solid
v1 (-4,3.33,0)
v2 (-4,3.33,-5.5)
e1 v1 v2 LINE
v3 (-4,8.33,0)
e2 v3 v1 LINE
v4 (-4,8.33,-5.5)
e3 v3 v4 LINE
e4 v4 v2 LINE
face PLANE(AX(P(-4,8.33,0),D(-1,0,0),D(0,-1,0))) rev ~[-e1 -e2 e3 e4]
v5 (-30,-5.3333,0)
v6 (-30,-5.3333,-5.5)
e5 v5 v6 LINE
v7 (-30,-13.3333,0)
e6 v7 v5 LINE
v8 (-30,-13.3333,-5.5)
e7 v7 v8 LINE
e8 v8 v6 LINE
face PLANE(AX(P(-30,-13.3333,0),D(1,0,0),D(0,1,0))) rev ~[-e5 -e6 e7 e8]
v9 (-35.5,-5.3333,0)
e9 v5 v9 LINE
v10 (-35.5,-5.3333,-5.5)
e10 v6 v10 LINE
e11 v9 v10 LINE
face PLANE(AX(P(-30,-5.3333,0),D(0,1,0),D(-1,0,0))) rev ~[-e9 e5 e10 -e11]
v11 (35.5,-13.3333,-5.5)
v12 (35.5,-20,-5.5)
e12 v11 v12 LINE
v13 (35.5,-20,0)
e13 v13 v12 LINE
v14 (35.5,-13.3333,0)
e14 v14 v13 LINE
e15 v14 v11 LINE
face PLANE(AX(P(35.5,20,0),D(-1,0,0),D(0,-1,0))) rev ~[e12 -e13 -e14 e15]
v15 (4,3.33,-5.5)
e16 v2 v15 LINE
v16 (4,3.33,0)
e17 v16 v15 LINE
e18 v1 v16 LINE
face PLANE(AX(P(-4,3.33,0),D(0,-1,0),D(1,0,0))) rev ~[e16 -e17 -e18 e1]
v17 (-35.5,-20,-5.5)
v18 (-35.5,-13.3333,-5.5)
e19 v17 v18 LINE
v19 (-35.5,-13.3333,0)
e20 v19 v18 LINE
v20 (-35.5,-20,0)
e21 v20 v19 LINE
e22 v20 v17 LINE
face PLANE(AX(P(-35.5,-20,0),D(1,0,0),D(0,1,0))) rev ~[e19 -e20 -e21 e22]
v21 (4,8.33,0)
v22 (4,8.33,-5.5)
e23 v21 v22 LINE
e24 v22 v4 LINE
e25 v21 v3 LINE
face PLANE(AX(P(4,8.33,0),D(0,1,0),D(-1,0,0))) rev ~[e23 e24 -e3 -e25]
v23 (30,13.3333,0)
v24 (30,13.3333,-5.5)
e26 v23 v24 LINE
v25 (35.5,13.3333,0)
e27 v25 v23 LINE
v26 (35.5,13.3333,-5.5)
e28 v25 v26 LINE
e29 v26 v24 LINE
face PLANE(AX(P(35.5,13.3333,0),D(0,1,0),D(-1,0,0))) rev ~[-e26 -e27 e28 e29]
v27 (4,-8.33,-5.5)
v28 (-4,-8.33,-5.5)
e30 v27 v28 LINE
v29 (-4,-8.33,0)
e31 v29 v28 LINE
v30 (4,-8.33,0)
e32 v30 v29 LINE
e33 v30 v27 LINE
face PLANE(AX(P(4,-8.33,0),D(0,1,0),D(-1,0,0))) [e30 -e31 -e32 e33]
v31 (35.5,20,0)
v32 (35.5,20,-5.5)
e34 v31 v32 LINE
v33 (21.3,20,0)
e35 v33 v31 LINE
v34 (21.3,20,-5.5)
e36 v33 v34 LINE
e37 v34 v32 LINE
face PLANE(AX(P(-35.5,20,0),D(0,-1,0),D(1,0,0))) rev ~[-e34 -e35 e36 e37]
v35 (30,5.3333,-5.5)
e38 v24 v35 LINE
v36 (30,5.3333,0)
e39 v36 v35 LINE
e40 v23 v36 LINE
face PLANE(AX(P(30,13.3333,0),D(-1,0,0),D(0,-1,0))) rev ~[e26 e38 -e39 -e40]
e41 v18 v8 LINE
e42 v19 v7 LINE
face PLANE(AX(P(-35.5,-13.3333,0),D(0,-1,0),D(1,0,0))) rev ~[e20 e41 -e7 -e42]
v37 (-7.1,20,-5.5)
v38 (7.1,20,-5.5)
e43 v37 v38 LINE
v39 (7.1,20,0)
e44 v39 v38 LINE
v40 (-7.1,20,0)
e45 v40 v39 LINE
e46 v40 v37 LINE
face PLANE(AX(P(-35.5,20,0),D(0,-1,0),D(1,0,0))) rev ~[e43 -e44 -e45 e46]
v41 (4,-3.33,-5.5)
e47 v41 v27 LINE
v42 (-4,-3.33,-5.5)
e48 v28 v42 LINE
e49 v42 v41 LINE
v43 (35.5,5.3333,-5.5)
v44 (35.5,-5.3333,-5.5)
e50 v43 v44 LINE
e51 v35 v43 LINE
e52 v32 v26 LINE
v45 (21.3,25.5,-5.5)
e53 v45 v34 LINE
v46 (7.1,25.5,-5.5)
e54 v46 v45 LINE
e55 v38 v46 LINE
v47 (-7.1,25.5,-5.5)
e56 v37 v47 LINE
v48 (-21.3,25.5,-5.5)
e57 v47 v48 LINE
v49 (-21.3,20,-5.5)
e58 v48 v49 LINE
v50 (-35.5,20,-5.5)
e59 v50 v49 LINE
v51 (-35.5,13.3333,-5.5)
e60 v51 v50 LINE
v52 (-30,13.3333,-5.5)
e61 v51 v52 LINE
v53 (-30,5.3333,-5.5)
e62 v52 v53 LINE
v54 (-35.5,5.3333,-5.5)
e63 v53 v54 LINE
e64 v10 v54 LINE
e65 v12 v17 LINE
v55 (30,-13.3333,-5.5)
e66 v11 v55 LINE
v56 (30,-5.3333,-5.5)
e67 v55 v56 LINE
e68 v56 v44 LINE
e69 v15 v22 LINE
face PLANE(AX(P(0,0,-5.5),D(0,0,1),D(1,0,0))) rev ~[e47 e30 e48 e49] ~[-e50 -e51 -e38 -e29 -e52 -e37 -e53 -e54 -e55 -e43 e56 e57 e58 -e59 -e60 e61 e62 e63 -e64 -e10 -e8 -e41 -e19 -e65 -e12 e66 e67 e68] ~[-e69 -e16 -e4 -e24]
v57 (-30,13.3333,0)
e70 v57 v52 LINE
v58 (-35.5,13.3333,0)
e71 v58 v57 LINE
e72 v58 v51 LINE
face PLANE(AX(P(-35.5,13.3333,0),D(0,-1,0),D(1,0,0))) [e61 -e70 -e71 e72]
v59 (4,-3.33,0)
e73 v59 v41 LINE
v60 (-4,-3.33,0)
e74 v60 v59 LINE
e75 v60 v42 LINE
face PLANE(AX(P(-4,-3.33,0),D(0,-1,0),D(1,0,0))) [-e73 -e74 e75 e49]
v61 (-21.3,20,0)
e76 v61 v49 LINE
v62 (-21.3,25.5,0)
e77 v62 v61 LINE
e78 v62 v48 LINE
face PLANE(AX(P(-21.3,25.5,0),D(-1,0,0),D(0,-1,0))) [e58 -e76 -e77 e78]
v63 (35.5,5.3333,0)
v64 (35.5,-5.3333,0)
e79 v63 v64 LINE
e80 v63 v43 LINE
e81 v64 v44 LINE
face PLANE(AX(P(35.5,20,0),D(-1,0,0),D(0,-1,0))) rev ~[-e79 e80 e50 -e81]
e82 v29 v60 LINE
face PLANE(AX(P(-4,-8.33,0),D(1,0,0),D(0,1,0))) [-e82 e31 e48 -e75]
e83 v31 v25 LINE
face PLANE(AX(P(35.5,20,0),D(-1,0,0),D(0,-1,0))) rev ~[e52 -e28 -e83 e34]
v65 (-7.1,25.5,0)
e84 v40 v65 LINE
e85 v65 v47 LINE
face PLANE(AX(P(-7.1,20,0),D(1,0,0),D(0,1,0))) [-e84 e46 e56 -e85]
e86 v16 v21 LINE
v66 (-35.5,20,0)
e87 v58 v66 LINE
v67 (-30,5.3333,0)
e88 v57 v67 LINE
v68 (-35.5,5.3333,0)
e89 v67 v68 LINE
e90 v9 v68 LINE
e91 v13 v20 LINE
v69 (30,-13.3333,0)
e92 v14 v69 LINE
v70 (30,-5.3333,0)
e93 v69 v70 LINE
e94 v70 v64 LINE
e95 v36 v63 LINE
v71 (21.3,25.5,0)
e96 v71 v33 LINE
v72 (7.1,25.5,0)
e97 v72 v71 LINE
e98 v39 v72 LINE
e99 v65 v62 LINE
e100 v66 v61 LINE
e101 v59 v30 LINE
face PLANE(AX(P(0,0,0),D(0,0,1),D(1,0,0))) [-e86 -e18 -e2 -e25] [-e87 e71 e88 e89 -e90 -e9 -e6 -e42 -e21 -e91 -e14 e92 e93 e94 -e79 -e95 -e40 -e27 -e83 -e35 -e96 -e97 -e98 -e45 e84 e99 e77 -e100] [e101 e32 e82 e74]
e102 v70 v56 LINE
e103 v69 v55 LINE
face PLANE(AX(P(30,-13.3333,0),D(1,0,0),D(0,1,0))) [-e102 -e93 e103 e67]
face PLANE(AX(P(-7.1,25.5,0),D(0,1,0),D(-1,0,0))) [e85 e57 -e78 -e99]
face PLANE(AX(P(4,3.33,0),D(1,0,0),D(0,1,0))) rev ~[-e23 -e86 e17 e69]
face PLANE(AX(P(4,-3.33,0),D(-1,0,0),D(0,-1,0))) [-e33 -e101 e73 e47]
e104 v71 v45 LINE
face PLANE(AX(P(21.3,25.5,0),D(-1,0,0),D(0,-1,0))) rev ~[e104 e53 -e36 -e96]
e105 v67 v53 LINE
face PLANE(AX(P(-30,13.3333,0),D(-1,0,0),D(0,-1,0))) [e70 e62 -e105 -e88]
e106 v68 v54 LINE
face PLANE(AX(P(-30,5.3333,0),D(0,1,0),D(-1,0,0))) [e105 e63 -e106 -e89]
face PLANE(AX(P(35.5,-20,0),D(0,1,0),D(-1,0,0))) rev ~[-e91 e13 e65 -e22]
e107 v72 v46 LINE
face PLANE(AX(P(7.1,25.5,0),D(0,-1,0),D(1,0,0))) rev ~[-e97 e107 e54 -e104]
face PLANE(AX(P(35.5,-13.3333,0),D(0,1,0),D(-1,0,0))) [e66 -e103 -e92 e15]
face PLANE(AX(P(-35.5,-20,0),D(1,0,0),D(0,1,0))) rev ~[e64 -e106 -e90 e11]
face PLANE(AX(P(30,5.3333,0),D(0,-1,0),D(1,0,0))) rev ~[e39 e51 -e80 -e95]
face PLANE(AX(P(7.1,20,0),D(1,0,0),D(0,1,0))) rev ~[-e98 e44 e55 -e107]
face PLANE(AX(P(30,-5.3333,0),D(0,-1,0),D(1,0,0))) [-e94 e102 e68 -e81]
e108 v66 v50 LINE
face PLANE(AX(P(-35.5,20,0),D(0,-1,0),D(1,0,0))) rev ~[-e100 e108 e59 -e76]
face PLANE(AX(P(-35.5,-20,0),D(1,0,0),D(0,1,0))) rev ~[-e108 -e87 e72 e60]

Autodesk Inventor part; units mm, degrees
ref_plane "YZ Plane" through (0, 0, 0) normal (1, 0, 0) x (0, 1, 0)
ref_plane "XZ Plane" through (0, 0, 0) normal (0, 1, 0) x (-1, 0, 0)
ref_plane "XY Plane" through (0, 0, 0) normal (0, 0, 1) x (1, 0, 0)
sketch "Block1" plane through (0, 0, 0) normal (0, 0, 1) x (1, 0, 0)
  line L0 (-23.62, 29.22) -> (-7.58, 29.22)
  line L1 (-7.58, 29.22) -> (-7.58, 20.22)
  line L2 (-7.58, 20.22) -> (7.58, 20.22)
  line L3 (7.58, 20.22) -> (7.58, 29.22)
  line L4 (7.58, 29.22) -> (23.62, 29.22)
  line L5 (23.62, 29.22) -> (23.62, 20.22)
  line L6 (23.62, 20.22) -> (39.22, 20.22)
  line L7 (39.22, 20.22) -> (39.22, 13.1133)
  line L8 (39.22, 13.1133) -> (30.22, 13.1133)
  line L9 (30.22, 13.1133) -> (30.22, 5.5533)
  line L10 (30.22, 5.5533) -> (39.22, 5.5533)
  line L11 (39.22, 5.5533) -> (39.22, -5.5533)
  line L12 (39.22, -5.5533) -> (30.22, -5.5533)
  line L13 (30.22, -5.5533) -> (30.22, -13.1133)
  line L14 (30.22, -13.1133) -> (39.22, -13.1133)
  line L15 (39.22, -13.1133) -> (39.22, -20.22)
  line L16 (39.22, -20.22) -> (-39.22, -20.22)
  line L17 (-39.22, -20.22) -> (-39.22, -13.1133)
  line L18 (-39.22, -13.1133) -> (-30.22, -13.1133)
  line L19 (-30.22, -13.1133) -> (-30.22, -5.5533)
  line L20 (-30.22, -5.5533) -> (-39.22, -5.5533)
  line L21 (-39.22, -5.5533) -> (-39.22, 5.5533)
  line L22 (-39.22, 5.5533) -> (-30.22, 5.5533)
  line L23 (-30.22, 5.5533) -> (-30.22, 13.1133)
  line L24 (-30.22, 13.1133) -> (-39.22, 13.1133)
  line L25 (-39.22, 13.1133) -> (-39.22, 20.22)
  line L26 (-39.22, 20.22) -> (-23.62, 20.22)
  line L27 (-23.62, 20.22) -> (-23.62, 29.22)
  line L28 (4.22, 8.55) -> (4.22, 3.11)
  line L29 (4.22, 3.11) -> (-4.22, 3.11)
  line L30 (-4.22, 3.11) -> (-4.22, 8.55)
  line L31 (-4.22, 8.55) -> (4.22, 8.55)
  line L32 (4.22, -3.11) -> (4.22, -8.55)
  line L33 (4.22, -8.55) -> (-4.22, -8.55)
  line L34 (-4.22, -8.55) -> (-4.22, -3.11)
  line L35 (-4.22, -3.11) -> (4.22, -3.11)
  point P0 (0, 5.4933)
sketch "Block2" plane through (0, 0, 0) normal (0, 0, 1) x (1, 0, 0)
  line L0 (-23.5, 29.1) -> (-7.7, 29.1)
  line L1 (-7.7, 29.1) -> (-7.7, 20.1)
  line L2 (-7.7, 20.1) -> (7.7, 20.1)
  line L3 (7.7, 20.1) -> (7.7, 29.1)
  line L4 (7.7, 29.1) -> (23.5, 29.1)
  line L5 (23.5, 29.1) -> (23.5, 20.1)
  line L6 (23.5, 20.1) -> (39.1, 20.1)
  line L7 (39.1, 20.1) -> (39.1, 13.2333)
  line L8 (39.1, 13.2333) -> (30.1, 13.2333)
  line L9 (30.1, 13.2333) -> (30.1, 5.4333)
  line L10 (30.1, 5.4333) -> (39.1, 5.4333)
  line L11 (39.1, 5.4333) -> (39.1, -5.4333)
  line L12 (39.1, -5.4333) -> (30.1, -5.4333)
  line L13 (30.1, -5.4333) -> (30.1, -13.2333)
  line L14 (30.1, -13.2333) -> (39.1, -13.2333)
  line L15 (39.1, -13.2333) -> (39.1, -20.1)
  line L16 (39.1, -20.1) -> (-39.1, -20.1)
  line L17 (-39.1, -20.1) -> (-39.1, -13.2333)
  line L18 (-39.1, -13.2333) -> (-30.1, -13.2333)
  line L19 (-30.1, -13.2333) -> (-30.1, -5.4333)
  line L20 (-30.1, -5.4333) -> (-39.1, -5.4333)
  line L21 (-39.1, -5.4333) -> (-39.1, 5.4333)
  line L22 (-39.1, 5.4333) -> (-30.1, 5.4333)
  line L23 (-30.1, 5.4333) -> (-30.1, 13.2333)
  line L24 (-30.1, 13.2333) -> (-39.1, 13.2333)
  line L25 (-39.1, 13.2333) -> (-39.1, 20.1)
  line L26 (-39.1, 20.1) -> (-23.5, 20.1)
  line L27 (-23.5, 20.1) -> (-23.5, 29.1)
  line L28 (4.1, 8.43) -> (4.1, 3.23)
  line L29 (4.1, 3.23) -> (-4.1, 3.23)
  line L30 (-4.1, 3.23) -> (-4.1, 8.43)
  line L31 (-4.1, 8.43) -> (4.1, 8.43)
  line L32 (4.1, -3.23) -> (4.1, -8.43)
  line L33 (4.1, -8.43) -> (-4.1, -8.43)
  line L34 (-4.1, -8.43) -> (-4.1, -3.23)
  line L35 (-4.1, -3.23) -> (4.1, -3.23)
  point P0 (0, 5.4667)
sketch "Block3" plane through (0, 0, 0) normal (0, 0, 1) x (1, 0, 0)
  line L0 (7.6, 29.2) -> (23.6, 29.2)
  line L1 (23.6, 29.2) -> (23.6, 20.2)
  line L2 (23.6, 20.2) -> (39.2, 20.2)
  line L3 (39.2, 20.2) -> (39.2, 13.1333)
  line L4 (39.2, 13.1333) -> (30.2, 13.1333)
  line L5 (30.2, 13.1333) -> (30.2, 5.5333)
  line L6 (30.2, 5.5333) -> (39.2, 5.5333)
  line L7 (39.2, 5.5333) -> (39.2, -5.5333)
  line L8 (39.2, -5.5333) -> (30.2, -5.5333)
  line L9 (30.2, -5.5333) -> (30.2, -13.1333)
  line L10 (30.2, -13.1333) -> (39.2, -13.1333)
  line L11 (39.2, -13.1333) -> (39.2, -20.2)
  line L12 (39.2, -20.2) -> (-39.2, -20.2)
  line L13 (-39.2, -20.2) -> (-39.2, -13.1333)
  line L14 (-39.2, -13.1333) -> (-30.2, -13.1333)
  line L15 (-30.2, -13.1333) -> (-30.2, -5.5333)
  line L16 (-30.2, -5.5333) -> (-39.2, -5.5333)
  line L17 (-39.2, -5.5333) -> (-39.2, 5.5333)
  line L18 (-39.2, 5.5333) -> (-30.2, 5.5333)
  line L19 (-30.2, 5.5333) -> (-30.2, 13.1333)
  line L20 (-30.2, 13.1333) -> (-39.2, 13.1333)
  line L21 (-39.2, 13.1333) -> (-39.2, 20.2)
  line L22 (-39.2, 20.2) -> (-23.6, 20.2)
  line L23 (-23.6, 20.2) -> (-23.6, 29.2)
  line L24 (-23.6, 29.2) -> (-7.6, 29.2)
  line L25 (-7.6, 29.2) -> (-7.6, 20.2)
  line L26 (-7.6, 20.2) -> (7.6, 20.2)
  line L27 (7.6, 20.2) -> (7.6, 29.2)
  line L28 (4.2, 8.53) -> (4.2, 3.13)
  line L29 (4.2, 3.13) -> (-4.2, 3.13)
  line L30 (-4.2, 3.13) -> (-4.2, 8.53)
  line L31 (-4.2, 8.53) -> (4.2, 8.53)
  line L32 (4.2, -3.13) -> (4.2, -8.53)
  line L33 (4.2, -8.53) -> (-4.2, -8.53)
  line L34 (-4.2, -8.53) -> (-4.2, -3.13)
  line L35 (-4.2, -3.13) -> (4.2, -3.13)
  point P0 (0, 5.4889)
sketch "Block4" plane through (0, 0, 0) normal (0, 0, 1) x (1, 0, 0)
  line L0 (7.7, 29.1) -> (23.5, 29.1)
  line L1 (23.5, 29.1) -> (23.5, 20.1)
  line L2 (23.5, 20.1) -> (39.1, 20.1)
  line L3 (39.1, 20.1) -> (39.1, 13.2333)
  line L4 (39.1, 13.2333) -> (30.1, 13.2333)
  line L5 (30.1, 13.2333) -> (30.1, 5.4333)
  line L6 (30.1, 5.4333) -> (39.1, 5.4333)
  line L7 (39.1, 5.4333) -> (39.1, -5.4333)
  line L8 (39.1, -5.4333) -> (30.1, -5.4333)
  line L9 (30.1, -5.4333) -> (30.1, -13.2333)
  line L10 (30.1, -13.2333) -> (39.1, -13.2333)
  line L11 (39.1, -13.2333) -> (39.1, -20.1)
  line L12 (39.1, -20.1) -> (-39.1, -20.1)
  line L13 (-39.1, -20.1) -> (-39.1, -13.2333)
  line L14 (-39.1, -13.2333) -> (-30.1, -13.2333)
  line L15 (-30.1, -13.2333) -> (-30.1, -5.4333)
  line L16 (-30.1, -5.4333) -> (-39.1, -5.4333)
  line L17 (-39.1, -5.4333) -> (-39.1, 5.4333)
  line L18 (-39.1, 5.4333) -> (-30.1, 5.4333)
  line L19 (-30.1, 5.4333) -> (-30.1, 13.2333)
  line L20 (-30.1, 13.2333) -> (-39.1, 13.2333)
  line L21 (-39.1, 13.2333) -> (-39.1, 20.1)
  line L22 (-39.1, 20.1) -> (-23.5, 20.1)
  line L23 (-23.5, 20.1) -> (-23.5, 29.1)
  line L24 (-23.5, 29.1) -> (-7.7, 29.1)
  line L25 (-7.7, 29.1) -> (-7.7, 20.1)
  line L26 (-7.7, 20.1) -> (7.7, 20.1)
  line L27 (7.7, 20.1) -> (7.7, 29.1)
  line L28 (4.1, 8.43) -> (4.1, 3.23)
  line L29 (4.1, 3.23) -> (-4.1, 3.23)
  line L30 (-4.1, 3.23) -> (-4.1, 8.43)
  line L31 (-4.1, 8.43) -> (4.1, 8.43)
  line L32 (4.1, -3.23) -> (4.1, -8.43)
  line L33 (4.1, -8.43) -> (-4.1, -8.43)
  line L34 (-4.1, -8.43) -> (-4.1, -3.23)
  line L35 (-4.1, -3.23) -> (4.1, -3.23)
  point P0 (0, 5.4667)
sketch "Block5" plane through (0, 0, 0) normal (0, 0, 1) x (1, 0, 0)
  line L0 (-21.38, 25.58) -> (-7.02, 25.58)
  line L1 (-7.02, 25.58) -> (-7.02, 20.08)
  line L2 (-7.02, 20.08) -> (7.02, 20.08)
  line L3 (7.02, 20.08) -> (7.02, 25.58)
  line L4 (7.02, 25.58) -> (21.38, 25.58)
  line L5 (21.38, 25.58) -> (21.38, 20.08)
  line L6 (21.38, 20.08) -> (35.58, 20.08)
  line L7 (35.58, 20.08) -> (35.58, 13.2533)
  line L8 (35.58, 13.2533) -> (30.08, 13.2533)
  line L9 (30.08, 13.2533) -> (30.08, 5.4133)
  line L10 (30.08, 5.4133) -> (35.58, 5.4133)
  line L11 (35.58, 5.4133) -> (35.58, -5.4133)
  line L12 (35.58, -5.4133) -> (30.08, -5.4133)
  line L13 (30.08, -5.4133) -> (30.08, -13.2533)
  line L14 (30.08, -13.2533) -> (35.58, -13.2533)
  line L15 (35.58, -13.2533) -> (35.58, -20.08)
  line L16 (35.58, -20.08) -> (-35.58, -20.08)
  line L17 (-35.58, -20.08) -> (-35.58, -13.2533)
  line L18 (-35.58, -13.2533) -> (-30.08, -13.2533)
  line L19 (-30.08, -13.2533) -> (-30.08, -5.4133)
  line L20 (-30.08, -5.4133) -> (-35.58, -5.4133)
  line L21 (-35.58, -5.4133) -> (-35.58, 5.4133)
  line L22 (-35.58, 5.4133) -> (-30.08, 5.4133)
  line L23 (-30.08, 5.4133) -> (-30.08, 13.2533)
  line L24 (-30.08, 13.2533) -> (-35.58, 13.2533)
  line L25 (-35.58, 13.2533) -> (-35.58, 20.08)
  line L26 (-35.58, 20.08) -> (-21.38, 20.08)
  line L27 (-21.38, 20.08) -> (-21.38, 25.58)
  line L28 (4.08, 8.41) -> (4.08, 3.25)
  line L29 (4.08, 3.25) -> (-4.08, 3.25)
  line L30 (-4.08, 3.25) -> (-4.08, 8.41)
  line L31 (-4.08, 8.41) -> (4.08, 8.41)
  line L32 (4.08, -3.25) -> (4.08, -8.41)
  line L33 (4.08, -8.41) -> (-4.08, -8.41)
  line L34 (-4.08, -8.41) -> (-4.08, -3.25)
  line L35 (-4.08, -3.25) -> (4.08, -3.25)
  point P0 (0, 5.0733)
sketch "Sketch1" plane through (0, 0, 0) normal (0, 0, 1) x (1, 0, 0)
  line L0 (35.5, -20) -> (-35.5, -20)
  line L1 (-35.5, -20) -> (-35.5, 20)
  line L2 (-35.5, 20) -> (35.5, 20)
  line L3 (35.5, 20) -> (35.5, -20)
  line L4 (35.5, -20) -> (-35.5, 20) construction
  line L5 (-35.5, -20) -> (35.5, 20) construction
  point P0 (0, 0)
  point P1 (0, 0)
  dimension "d0" = 71
  dimension "d1" = 40
extrude "Extrusion1" add sketch "Sketch1" against normal blind 5.5
sketch "Sketch3" plane through (0, 0, 0) normal (0, 0, 1) x (1, 0, 0)
  line L0 (-35.5, 20) -> (35.5, 20) projected
  line L1 (-35.5, -20) -> (-35.5, 20) projected
  line L2 (-35.5, 13.3333) -> (-30, 13.3333)
  line L3 (-30, 13.3333) -> (-30, 5.3333)
  line L4 (-30, 5.3333) -> (-35.5, 5.3333)
  line L5 (-35.5, 13.3333) -> (-35.5, 5.3333)
  line L6 (-161.1974, 0) -> (72.4829, 0) projected
  line L7 (0, -29.94) -> (0, 38.94) projected
  line L8 (35.5, 13.3333) -> (30, 13.3333)
  line L9 (30, 13.3333) -> (30, 5.3333)
  line L10 (30, 5.3333) -> (35.5, 5.3333)
  line L11 (35.5, 13.3333) -> (35.5, 5.3333)
  line L12 (-35.5, -13.3333) -> (-30, -13.3333)
  line L13 (-30, -13.3333) -> (-30, -5.3333)
  line L14 (-30, -5.3333) -> (-35.5, -5.3333)
  line L15 (-35.5, -13.3333) -> (-35.5, -5.3333)
  line L16 (30, -13.3333) -> (30, -5.3333)
  line L17 (35.5, -13.3333) -> (35.5, -5.3333)
  line L18 (30, -5.3333) -> (35.5, -5.3333)
  line L19 (35.5, -13.3333) -> (30, -13.3333)
  point P0 (0, 0)
  dimension "d16" = 5.5
  dimension "d17" = 8
  dimension "d18" = 6.6667
sketch "Sketch4" plane through (0, 0, 0) normal (0, 0, 1) x (1, 0, 0)
  line L0 (4, -8.33) -> (-4, -8.33)
  line L1 (-4, -8.33) -> (-4, -3.33)
  line L2 (-4, -3.33) -> (4, -3.33)
  line L3 (4, -3.33) -> (4, -8.33)
  line L4 (4, -8.33) -> (-4, -3.33) construction
  line L5 (-4, -8.33) -> (4, -3.33) construction
  line L6 (-161.1974, 0) -> (72.4829, 0) projected
  line L7 (4, 8.33) -> (-4, 8.33)
  line L8 (-4, 8.33) -> (-4, 3.33)
  line L9 (-4, 3.33) -> (4, 3.33)
  line L10 (4, 3.33) -> (4, 8.33)
  line L11 (4, 8.33) -> (-4, 3.33) construction
  line L12 (-4, 8.33) -> (4, 3.33) construction
  point P0 (0, -5.83)
  point P1 (0, 5.83)
  dimension "d25" = 8
  dimension "d26" = 5
  dimension "d27" = 3.33
extrude "Extrusion4" cut sketch "Sketch4" against normal through all
extrude "Extrusion5" cut sketch "Sketch3" against normal through all contours L14 L13 L12 L1 | L2 L3 L4 L1 | L11 L10 L9 L8 | L16 L18 L17 L19
sketch "Sketch5" plane through (0, 0, 0) normal (0, 0, 1) x (1, 0, 0)
  line L0 (-35.5, 20) -> (35.5, 20) projected
  line L1 (-21.3, 20) -> (-7.1, 20)
  line L2 (-7.1, 20) -> (-7.1, 25.5)
  line L3 (-7.1, 25.5) -> (-21.3, 25.5)
  line L4 (-21.3, 25.5) -> (-21.3, 20)
  line L5 (0, -29.94) -> (0, 38.94) projected
  line L6 (21.3, 20) -> (7.1, 20)
  line L7 (7.1, 20) -> (7.1, 25.5)
  line L8 (7.1, 25.5) -> (21.3, 25.5)
  line L9 (21.3, 25.5) -> (21.3, 20)
  point P0 (0, 0)
  dimension "d32" = 14.2
  dimension "d33" = 14.2
  dimension "d34" = 5.5
extrude "Extrusion6" add sketch "Sketch5" against normal blind 5.5
equation "\"d2\" = Wt"
equation "\"d16\" = Wt"
equation "\"d17\" = 0.2 * d1"
equation "\"d18\" = 0.166667 * d1"
equation "\"d32\" = 0.2 * d0"
equation "\"d33\" = 0.2 * d0"
equation "\"d34\" = Wt"
equation "\"d35\" = Wt"
equation "\"testKerf1\" = 1"
equation "\"Wt\" = 5.5"
properties part number "drive_support_side" material "Wood (Birch)"
